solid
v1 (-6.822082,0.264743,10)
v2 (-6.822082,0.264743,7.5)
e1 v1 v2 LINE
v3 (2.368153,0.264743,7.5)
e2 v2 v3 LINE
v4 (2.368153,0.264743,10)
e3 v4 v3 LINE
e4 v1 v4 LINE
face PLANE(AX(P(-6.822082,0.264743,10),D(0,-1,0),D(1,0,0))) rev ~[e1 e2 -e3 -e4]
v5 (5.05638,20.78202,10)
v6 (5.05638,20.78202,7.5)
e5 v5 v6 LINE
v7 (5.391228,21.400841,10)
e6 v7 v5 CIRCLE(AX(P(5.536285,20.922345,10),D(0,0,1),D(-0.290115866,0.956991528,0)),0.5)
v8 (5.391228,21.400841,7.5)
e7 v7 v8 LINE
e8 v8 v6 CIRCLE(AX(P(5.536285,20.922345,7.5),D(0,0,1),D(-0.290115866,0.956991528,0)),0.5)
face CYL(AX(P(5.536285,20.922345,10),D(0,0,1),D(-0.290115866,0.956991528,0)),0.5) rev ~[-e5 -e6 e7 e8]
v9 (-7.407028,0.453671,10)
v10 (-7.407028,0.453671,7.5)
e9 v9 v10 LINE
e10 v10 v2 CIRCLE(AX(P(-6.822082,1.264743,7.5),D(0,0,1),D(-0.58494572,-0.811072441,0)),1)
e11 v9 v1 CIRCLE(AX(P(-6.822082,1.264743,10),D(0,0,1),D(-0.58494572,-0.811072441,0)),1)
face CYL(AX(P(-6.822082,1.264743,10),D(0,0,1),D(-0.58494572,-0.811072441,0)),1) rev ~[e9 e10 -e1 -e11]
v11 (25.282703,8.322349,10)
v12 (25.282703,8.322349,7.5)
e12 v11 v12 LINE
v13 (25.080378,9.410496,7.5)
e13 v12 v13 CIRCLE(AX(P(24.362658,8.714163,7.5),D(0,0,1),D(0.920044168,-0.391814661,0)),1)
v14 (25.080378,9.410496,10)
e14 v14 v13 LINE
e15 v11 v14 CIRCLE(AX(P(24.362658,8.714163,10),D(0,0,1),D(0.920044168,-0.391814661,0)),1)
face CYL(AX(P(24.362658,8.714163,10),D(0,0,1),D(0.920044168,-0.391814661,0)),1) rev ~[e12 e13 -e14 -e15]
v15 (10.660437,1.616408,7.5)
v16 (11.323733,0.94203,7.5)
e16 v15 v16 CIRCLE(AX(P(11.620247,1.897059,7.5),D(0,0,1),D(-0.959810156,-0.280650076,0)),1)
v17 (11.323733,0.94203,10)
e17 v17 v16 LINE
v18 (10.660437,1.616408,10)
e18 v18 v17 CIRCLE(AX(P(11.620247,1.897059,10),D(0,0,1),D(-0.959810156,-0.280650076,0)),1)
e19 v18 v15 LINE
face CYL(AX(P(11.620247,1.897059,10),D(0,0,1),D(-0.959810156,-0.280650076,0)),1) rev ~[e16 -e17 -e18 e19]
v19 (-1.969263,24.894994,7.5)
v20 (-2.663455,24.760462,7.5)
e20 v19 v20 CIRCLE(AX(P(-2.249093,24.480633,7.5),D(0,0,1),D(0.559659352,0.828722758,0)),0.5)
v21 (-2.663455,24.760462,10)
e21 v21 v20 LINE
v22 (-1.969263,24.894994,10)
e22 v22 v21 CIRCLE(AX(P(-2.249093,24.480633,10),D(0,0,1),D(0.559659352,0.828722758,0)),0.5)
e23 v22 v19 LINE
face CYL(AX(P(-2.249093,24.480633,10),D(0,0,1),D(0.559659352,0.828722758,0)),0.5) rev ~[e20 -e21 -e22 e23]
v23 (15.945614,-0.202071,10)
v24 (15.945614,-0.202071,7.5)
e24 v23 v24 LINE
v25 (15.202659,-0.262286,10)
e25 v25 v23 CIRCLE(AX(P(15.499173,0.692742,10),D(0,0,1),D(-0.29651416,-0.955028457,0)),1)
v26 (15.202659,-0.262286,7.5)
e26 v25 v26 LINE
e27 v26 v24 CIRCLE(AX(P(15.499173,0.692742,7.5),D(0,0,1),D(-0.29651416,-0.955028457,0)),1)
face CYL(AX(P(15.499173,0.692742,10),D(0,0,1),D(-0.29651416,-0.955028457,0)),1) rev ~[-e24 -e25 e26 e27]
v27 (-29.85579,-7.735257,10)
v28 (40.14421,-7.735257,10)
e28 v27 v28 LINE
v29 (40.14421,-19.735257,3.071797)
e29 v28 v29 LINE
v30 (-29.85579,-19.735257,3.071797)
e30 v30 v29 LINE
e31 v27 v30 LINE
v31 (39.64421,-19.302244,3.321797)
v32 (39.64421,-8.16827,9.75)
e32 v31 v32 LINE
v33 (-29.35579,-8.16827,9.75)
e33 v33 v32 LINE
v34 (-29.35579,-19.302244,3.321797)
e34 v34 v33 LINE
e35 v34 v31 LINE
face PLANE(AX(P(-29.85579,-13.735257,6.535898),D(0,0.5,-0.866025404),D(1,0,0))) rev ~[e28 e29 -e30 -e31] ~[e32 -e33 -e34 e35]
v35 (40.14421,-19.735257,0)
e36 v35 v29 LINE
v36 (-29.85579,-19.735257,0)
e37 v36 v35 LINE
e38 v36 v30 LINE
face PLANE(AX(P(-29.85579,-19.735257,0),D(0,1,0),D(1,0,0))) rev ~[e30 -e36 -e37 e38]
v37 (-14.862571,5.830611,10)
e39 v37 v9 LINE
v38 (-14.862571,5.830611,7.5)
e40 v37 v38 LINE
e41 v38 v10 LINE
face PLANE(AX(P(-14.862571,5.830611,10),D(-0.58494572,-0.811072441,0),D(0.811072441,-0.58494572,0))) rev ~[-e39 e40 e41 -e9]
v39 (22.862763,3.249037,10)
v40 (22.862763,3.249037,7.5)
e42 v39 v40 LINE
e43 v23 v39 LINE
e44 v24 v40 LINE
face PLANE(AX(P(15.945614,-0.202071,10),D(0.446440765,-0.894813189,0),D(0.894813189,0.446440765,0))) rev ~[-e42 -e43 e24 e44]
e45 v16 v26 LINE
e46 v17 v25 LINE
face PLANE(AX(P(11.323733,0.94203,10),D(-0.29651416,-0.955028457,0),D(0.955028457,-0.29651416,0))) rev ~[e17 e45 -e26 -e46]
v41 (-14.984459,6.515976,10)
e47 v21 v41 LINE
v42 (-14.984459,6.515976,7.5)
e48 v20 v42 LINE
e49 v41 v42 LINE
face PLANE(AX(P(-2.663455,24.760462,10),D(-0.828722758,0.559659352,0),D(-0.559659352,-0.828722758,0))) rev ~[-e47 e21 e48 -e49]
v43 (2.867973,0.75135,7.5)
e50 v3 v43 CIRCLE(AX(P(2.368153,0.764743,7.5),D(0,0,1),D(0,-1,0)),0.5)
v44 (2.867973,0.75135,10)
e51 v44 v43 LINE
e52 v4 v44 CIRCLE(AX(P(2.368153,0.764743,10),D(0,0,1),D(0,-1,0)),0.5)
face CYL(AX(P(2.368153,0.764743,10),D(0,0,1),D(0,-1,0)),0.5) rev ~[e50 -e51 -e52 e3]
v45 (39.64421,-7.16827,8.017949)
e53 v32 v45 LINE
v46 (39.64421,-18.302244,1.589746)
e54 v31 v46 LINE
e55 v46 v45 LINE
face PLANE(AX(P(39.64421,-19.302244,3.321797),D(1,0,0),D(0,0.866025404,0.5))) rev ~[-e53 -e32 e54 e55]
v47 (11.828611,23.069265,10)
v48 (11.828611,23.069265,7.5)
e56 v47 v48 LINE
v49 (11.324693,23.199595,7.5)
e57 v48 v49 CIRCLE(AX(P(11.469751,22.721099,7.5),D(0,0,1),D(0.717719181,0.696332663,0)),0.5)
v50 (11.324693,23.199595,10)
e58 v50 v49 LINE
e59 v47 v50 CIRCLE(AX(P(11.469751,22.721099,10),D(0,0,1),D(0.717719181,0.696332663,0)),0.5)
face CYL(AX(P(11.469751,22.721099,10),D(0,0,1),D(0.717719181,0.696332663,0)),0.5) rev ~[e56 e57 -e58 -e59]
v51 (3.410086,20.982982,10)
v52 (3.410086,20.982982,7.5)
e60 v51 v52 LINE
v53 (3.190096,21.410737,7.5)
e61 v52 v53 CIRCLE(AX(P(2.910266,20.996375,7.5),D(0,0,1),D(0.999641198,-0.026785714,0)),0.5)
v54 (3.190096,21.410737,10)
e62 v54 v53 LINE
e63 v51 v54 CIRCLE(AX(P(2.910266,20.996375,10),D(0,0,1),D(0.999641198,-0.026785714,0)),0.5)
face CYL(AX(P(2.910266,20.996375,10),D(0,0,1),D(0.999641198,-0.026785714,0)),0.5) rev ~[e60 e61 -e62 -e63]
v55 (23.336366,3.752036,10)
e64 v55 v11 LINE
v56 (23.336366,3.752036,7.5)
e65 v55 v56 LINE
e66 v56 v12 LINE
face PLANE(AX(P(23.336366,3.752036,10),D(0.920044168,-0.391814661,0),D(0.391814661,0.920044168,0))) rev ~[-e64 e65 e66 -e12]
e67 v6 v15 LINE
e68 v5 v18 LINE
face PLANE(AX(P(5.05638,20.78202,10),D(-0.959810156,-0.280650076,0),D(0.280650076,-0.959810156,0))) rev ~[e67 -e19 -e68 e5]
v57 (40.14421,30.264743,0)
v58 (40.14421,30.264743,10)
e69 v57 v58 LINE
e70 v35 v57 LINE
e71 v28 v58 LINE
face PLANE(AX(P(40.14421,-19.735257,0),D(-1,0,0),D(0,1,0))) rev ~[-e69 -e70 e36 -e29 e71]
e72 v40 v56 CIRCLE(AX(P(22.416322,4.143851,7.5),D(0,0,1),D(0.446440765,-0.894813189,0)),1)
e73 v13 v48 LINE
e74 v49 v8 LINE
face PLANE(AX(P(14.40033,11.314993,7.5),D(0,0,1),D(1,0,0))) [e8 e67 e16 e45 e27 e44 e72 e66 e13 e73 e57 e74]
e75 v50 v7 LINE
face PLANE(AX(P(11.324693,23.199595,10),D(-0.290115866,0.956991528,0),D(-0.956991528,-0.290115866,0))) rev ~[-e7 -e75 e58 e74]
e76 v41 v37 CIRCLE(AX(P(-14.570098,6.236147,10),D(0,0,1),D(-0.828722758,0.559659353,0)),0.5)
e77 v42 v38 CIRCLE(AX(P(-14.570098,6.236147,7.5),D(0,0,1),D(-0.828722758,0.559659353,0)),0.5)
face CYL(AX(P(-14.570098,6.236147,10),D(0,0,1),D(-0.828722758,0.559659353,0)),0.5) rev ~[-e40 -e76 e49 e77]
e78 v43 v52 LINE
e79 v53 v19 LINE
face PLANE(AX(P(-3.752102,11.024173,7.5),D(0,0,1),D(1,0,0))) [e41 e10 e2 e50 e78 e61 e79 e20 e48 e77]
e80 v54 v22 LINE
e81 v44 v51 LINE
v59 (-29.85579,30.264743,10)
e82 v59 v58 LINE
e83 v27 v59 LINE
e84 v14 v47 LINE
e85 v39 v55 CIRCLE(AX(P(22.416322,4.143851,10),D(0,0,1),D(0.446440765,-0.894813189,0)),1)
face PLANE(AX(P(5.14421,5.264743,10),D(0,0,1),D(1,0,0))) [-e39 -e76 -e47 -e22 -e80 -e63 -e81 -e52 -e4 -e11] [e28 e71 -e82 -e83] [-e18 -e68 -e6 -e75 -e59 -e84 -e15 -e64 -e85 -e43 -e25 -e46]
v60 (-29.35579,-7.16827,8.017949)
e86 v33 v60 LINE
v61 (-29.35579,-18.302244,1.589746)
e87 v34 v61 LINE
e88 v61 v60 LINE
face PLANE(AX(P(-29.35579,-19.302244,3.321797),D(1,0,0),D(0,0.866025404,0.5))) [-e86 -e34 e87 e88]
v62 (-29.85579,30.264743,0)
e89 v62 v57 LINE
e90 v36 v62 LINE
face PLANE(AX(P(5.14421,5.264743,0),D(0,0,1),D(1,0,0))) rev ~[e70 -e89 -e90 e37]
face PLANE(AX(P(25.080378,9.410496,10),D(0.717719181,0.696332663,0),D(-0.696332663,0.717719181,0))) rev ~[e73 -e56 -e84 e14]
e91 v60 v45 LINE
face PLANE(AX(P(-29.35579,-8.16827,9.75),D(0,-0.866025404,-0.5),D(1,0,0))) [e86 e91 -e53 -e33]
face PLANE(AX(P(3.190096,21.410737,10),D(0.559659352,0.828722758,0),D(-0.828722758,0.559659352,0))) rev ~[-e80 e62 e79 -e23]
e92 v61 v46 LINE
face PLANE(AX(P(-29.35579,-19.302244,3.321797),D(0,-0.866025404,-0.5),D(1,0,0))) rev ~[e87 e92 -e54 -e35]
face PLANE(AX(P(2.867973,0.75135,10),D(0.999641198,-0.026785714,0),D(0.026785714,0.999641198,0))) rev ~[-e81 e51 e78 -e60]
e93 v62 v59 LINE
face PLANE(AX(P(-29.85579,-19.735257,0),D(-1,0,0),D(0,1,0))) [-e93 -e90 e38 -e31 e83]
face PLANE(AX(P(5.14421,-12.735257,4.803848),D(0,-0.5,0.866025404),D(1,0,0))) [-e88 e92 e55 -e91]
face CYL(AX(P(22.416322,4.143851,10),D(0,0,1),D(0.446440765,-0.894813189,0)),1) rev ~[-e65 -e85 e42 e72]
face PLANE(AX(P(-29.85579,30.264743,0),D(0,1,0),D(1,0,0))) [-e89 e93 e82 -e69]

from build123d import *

# Parameters (mm, degrees)
F0_W     = 70
F0_H     = 50
F1_DEPTH = 10
F2_SIZE2 = 6.9282032303
F2_SIZE  = 12
F4_DEPTH = 2.5
F5_W     = 69
F5_H     = 12.8564064606
F6_DEPTH = 2


with BuildPart() as f1:
    # F0 (on Top) → F1 (new body)
    with BuildSketch(Plane.XY):
        with Locations((5.1442100421, 5.2647431195)):
            Rectangle(F0_W, F0_H)
    extrude(amount=F1_DEPTH)

    # F2
    f2_edges = [f1.edges().sort_by_distance(p)[0] for p in [
        (5.14421, -19.735257, 10),
    ]]
    f2_side = f1.faces().sort_by_distance((5.14421, 5.264743, 10))[0]
    chamfer(f2_edges, length=F2_SIZE, length2=F2_SIZE2, reference=f2_side)

    # F3 (on face) → F4 (cut)
    with BuildSketch(Plane.XY.offset(10)):
        with BuildLine():
            ThreePointArc((-1.969263475, 24.8949940758), (-2.3442214304, 24.9714998994), (-2.66345453, 24.7604623731))
            Line((-2.66345453, 24.7604623731), (-14.9844594162, 6.5159764986))
            ThreePointArc((-14.9844594162, 6.5159764986), (-15.0623736344, 6.1485983412), (-14.8625708975, 5.830610602))
            Line((-14.8625708975, 5.830610602), (-7.4070282086, 0.4536706786))
            ThreePointArc((-7.4070282086, 0.4536706786), (-7.1294320931, 0.3131464505), (-6.8220824883, 0.2647431195))
            Line((-6.8220824883, 0.2647431195), (2.3681526499, 0.2647431195))
            ThreePointArc((2.3681526499, 0.2647431195), (2.7169388104, 0.4064859293), (2.8679732491, 0.7513502623))
            Line((2.8679732491, 0.7513502623), (3.410086475, 20.9829822828))
            ThreePointArc((3.410086475, 20.9829822828), (3.3549084959, 21.2250516372), (3.190095552, 21.4107365189))
            Line((3.190095552, 21.4107365189), (-1.969263475, 24.8949940758))
        make_face()
        with BuildLine():
            ThreePointArc((11.8286107336, 23.0692653505), (11.5949478981, 23.2051710927), (11.3246932103, 23.1995947829))
            Line((11.3246932103, 23.1995947829), (5.3912275031, 21.4008405723))
            ThreePointArc((5.3912275031, 21.4008405723), (5.0965360899, 21.1602954599), (5.0563803582, 20.7820197704))
            Line((5.0563803582, 20.7820197704), (10.6604367749, 1.6164084942))
            ThreePointArc((10.6604367749, 1.6164084942), (10.9073063674, 1.195834103), (11.3237327707, 0.9420301136))
            Line((11.3237327707, 0.9420301136), (15.2026586897, -0.2622863149))
            ThreePointArc((15.2026586897, -0.2622863149), (15.579956303, -0.3039895341), (15.9456136146, -0.2020710473))
            Line((15.9456136146, -0.2020710473), (22.8627626989, 3.249037371))
            ThreePointArc((22.8627626989, 3.249037371), (23.1443824723, 3.4583377212), (23.3363661018, 3.7520358986))
            Line((23.3363661018, 3.7520358986), (25.2827025924, 8.3223486347))
            ThreePointArc((25.2827025924, 8.3223486347), (25.3458081315, 8.896965521), (25.0803776052, 9.4104959591))
            Line((25.0803776052, 9.4104959591), (11.8286107336, 23.0692653505))
        make_face()
    extrude(amount=-F4_DEPTH, mode=Mode.SUBTRACT)

    # F5 (on face) → F6 (cut)
    with BuildSketch(Plane(origin=(0, -6.2639412391, 10.8494644817), x_dir=(1, 0, 0), z_dir=(0, -0.5, 0.8660254038))):
        with Locations((5.1442100421, -8.6271321936)):
            Rectangle(F5_W, F5_H)
    extrude(amount=-F6_DEPTH, mode=Mode.SUBTRACT)


solid = f1.part
